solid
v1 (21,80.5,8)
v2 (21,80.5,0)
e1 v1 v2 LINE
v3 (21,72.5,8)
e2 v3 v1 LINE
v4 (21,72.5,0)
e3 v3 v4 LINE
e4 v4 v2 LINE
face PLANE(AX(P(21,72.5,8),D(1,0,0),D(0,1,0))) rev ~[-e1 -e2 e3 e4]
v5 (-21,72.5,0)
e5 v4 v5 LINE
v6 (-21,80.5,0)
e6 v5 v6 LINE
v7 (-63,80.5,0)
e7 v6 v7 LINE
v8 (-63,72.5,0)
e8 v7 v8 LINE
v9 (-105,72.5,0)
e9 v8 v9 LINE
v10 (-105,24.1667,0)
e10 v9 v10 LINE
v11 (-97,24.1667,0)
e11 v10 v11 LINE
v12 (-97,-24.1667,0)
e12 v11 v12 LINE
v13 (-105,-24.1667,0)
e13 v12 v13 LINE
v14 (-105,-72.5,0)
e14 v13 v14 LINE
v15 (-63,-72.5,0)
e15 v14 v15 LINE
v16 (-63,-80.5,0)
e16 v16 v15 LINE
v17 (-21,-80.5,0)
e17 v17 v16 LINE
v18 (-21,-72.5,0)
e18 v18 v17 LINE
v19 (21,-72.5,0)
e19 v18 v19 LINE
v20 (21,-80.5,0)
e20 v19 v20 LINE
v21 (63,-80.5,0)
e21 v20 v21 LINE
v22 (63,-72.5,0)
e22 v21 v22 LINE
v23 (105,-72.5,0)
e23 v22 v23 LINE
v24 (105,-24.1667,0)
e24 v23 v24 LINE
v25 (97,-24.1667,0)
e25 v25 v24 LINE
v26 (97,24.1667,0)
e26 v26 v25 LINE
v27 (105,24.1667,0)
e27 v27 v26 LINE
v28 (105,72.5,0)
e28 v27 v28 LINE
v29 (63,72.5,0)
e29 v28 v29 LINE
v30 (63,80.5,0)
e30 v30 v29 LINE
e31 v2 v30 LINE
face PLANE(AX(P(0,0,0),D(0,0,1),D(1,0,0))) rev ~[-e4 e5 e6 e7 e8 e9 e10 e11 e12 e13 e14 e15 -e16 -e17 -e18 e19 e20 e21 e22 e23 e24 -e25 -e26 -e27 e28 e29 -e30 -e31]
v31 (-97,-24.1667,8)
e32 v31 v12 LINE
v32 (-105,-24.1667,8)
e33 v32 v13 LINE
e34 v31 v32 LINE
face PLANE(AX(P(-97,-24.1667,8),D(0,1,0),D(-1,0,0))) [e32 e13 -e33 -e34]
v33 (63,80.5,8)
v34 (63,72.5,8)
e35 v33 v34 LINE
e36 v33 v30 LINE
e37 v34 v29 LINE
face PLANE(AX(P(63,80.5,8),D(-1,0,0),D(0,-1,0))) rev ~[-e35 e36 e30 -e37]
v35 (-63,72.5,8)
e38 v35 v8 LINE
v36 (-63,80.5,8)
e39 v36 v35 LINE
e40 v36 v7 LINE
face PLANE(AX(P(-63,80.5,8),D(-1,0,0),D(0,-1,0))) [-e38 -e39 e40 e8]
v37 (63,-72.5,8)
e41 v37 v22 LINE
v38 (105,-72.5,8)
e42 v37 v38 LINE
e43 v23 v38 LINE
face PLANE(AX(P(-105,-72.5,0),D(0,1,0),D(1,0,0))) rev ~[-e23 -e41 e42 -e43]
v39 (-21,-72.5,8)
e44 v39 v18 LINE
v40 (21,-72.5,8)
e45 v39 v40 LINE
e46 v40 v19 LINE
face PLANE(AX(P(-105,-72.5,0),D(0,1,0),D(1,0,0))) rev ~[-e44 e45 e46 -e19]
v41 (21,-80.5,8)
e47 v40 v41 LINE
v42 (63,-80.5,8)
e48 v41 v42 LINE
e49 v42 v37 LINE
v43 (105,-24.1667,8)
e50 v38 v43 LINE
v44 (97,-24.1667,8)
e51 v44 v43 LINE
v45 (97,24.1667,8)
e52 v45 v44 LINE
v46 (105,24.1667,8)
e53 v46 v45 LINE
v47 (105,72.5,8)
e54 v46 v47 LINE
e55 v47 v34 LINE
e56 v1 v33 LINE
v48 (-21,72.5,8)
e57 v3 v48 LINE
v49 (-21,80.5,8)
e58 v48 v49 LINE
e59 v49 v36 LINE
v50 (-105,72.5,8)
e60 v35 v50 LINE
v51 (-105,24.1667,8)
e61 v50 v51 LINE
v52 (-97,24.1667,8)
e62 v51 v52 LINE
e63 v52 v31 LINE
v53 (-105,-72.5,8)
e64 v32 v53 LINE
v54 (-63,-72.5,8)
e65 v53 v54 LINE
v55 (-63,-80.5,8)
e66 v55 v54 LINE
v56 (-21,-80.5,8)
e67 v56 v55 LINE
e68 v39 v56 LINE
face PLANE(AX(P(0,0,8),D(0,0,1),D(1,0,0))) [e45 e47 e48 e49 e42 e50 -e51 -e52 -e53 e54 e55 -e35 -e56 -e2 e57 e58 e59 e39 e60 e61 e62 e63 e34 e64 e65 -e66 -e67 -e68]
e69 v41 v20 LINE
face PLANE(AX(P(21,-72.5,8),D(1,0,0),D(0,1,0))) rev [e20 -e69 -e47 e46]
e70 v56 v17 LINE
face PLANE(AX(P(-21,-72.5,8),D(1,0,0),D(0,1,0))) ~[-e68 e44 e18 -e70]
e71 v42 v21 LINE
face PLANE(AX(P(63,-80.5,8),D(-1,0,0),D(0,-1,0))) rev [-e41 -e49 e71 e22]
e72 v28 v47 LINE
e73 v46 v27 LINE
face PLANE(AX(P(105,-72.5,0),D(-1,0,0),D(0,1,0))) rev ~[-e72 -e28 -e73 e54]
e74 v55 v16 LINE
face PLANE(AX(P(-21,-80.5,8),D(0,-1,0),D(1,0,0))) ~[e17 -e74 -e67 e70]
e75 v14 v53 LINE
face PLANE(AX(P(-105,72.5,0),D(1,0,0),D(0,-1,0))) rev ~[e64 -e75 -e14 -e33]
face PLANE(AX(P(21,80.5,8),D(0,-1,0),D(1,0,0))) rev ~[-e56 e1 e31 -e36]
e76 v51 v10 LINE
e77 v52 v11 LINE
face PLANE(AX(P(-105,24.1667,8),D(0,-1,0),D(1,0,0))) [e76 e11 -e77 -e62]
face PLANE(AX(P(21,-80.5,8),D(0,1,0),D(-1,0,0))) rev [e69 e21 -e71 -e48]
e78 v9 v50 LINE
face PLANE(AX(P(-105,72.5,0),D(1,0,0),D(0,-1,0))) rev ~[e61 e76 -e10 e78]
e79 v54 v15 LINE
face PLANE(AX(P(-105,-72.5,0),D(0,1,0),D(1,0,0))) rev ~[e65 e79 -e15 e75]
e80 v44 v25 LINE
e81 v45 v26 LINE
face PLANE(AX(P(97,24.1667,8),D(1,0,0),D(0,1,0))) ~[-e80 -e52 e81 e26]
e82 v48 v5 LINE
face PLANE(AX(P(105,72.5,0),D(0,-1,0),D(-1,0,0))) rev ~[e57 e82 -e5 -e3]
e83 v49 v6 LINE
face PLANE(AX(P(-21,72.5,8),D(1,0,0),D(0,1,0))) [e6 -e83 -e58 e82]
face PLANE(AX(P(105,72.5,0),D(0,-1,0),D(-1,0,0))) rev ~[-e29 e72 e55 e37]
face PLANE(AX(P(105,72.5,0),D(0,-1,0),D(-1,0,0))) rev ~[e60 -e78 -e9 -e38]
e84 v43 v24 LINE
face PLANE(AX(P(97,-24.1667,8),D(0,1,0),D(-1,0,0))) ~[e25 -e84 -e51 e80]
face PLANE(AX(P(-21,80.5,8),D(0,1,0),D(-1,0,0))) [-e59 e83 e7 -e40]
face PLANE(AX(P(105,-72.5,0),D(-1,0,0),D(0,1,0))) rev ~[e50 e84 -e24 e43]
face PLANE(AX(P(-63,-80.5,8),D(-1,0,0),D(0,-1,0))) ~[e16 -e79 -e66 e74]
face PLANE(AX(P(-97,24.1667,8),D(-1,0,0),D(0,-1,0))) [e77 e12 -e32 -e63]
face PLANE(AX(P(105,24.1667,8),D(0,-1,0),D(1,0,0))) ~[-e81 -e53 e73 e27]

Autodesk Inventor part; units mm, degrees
ref_plane "YZ Plane" through (0, 0, 0) normal (1, 0, 0) x (0, 1, 0)
ref_plane "XZ Plane" through (0, 0, 0) normal (0, 1, 0) x (-1, 0, 0)
ref_plane "XY Plane" through (0, 0, 0) normal (0, 0, 1) x (1, 0, 0)
sketch "Sketch2" plane through (0, 0, 0) normal (0, 0, 1) x (1, 0, 0)
  line L0 (-105, -72.5) -> (105, -72.5)
  line L1 (105, -72.5) -> (105, 72.5)
  line L2 (105, 72.5) -> (-105, 72.5)
  line L3 (-105, 72.5) -> (-105, -72.5)
  line L4 (-105, -72.5) -> (105, 72.5) construction
  line L5 (105, -72.5) -> (-105, 72.5) construction
  point P0 (0, 0)
  dimension "d11" = 145
  dimension "d12" = 210
extrude "Extrusion2" add sketch "Sketch2" along normal blind 8
sketch "Sketch3" plane through (0, 0, 8) normal (0, 0, 1) x (1, 0, 0)
  line L0 (105, 72.5) -> (-105, 72.5) projected
  line L1 (-63, 72.5) -> (-21, 72.5)
  line L2 (-21, 72.5) -> (-21, 80.5)
  line L3 (-21, 80.5) -> (-63, 80.5)
  line L4 (-63, 80.5) -> (-63, 72.5)
  line L5 (63, 72.5) -> (21, 72.5)
  line L6 (21, 72.5) -> (21, 80.5)
  line L7 (21, 80.5) -> (63, 80.5)
  line L8 (63, 80.5) -> (63, 72.5)
  line L9 (-21, 80.5) -> (21, 80.5) construction
  line L10 (63, 80.5) -> (105, 80.5) construction
  line L11 (-63, 80.5) -> (-105, 80.5) construction
  point P0 (0, 0)
  dimension "d15" = 8
extrude "Extrusion3" add sketch "Sketch3" against normal blind 8
mirror "Mirror1" about plane through (0, 0, 0) normal (0, 1, 0) of "Extrusion3"
sketch "Sketch4" plane through (0, 0, 8) normal (0, 0, 1) x (1, 0, 0)
  line L0 (-105, 72.5) -> (-105, -72.5) projected
  line L1 (-105, 24.1667) -> (-97, 24.1667)
  line L2 (-97, 24.1667) -> (-97, -24.1667)
  line L3 (-97, -24.1667) -> (-105, -24.1667)
  line L4 (-105, -24.1667) -> (-105, 24.1667)
  line L5 (-97, 24.1667) -> (-97, 72.5) construction
  line L6 (-97, -24.1667) -> (-97, -72.5) construction
  point P0 (0, 0)
  dimension "d20" = 8
extrude "Extrusion4" cut sketch "Sketch4" against normal blind 8
mirror "Mirror2" about plane through (0, 0, 0) normal (1, 0, 0) of "Extrusion4"
properties part number "M06 - Wall Side 1" material "Wood (Walnut)"
